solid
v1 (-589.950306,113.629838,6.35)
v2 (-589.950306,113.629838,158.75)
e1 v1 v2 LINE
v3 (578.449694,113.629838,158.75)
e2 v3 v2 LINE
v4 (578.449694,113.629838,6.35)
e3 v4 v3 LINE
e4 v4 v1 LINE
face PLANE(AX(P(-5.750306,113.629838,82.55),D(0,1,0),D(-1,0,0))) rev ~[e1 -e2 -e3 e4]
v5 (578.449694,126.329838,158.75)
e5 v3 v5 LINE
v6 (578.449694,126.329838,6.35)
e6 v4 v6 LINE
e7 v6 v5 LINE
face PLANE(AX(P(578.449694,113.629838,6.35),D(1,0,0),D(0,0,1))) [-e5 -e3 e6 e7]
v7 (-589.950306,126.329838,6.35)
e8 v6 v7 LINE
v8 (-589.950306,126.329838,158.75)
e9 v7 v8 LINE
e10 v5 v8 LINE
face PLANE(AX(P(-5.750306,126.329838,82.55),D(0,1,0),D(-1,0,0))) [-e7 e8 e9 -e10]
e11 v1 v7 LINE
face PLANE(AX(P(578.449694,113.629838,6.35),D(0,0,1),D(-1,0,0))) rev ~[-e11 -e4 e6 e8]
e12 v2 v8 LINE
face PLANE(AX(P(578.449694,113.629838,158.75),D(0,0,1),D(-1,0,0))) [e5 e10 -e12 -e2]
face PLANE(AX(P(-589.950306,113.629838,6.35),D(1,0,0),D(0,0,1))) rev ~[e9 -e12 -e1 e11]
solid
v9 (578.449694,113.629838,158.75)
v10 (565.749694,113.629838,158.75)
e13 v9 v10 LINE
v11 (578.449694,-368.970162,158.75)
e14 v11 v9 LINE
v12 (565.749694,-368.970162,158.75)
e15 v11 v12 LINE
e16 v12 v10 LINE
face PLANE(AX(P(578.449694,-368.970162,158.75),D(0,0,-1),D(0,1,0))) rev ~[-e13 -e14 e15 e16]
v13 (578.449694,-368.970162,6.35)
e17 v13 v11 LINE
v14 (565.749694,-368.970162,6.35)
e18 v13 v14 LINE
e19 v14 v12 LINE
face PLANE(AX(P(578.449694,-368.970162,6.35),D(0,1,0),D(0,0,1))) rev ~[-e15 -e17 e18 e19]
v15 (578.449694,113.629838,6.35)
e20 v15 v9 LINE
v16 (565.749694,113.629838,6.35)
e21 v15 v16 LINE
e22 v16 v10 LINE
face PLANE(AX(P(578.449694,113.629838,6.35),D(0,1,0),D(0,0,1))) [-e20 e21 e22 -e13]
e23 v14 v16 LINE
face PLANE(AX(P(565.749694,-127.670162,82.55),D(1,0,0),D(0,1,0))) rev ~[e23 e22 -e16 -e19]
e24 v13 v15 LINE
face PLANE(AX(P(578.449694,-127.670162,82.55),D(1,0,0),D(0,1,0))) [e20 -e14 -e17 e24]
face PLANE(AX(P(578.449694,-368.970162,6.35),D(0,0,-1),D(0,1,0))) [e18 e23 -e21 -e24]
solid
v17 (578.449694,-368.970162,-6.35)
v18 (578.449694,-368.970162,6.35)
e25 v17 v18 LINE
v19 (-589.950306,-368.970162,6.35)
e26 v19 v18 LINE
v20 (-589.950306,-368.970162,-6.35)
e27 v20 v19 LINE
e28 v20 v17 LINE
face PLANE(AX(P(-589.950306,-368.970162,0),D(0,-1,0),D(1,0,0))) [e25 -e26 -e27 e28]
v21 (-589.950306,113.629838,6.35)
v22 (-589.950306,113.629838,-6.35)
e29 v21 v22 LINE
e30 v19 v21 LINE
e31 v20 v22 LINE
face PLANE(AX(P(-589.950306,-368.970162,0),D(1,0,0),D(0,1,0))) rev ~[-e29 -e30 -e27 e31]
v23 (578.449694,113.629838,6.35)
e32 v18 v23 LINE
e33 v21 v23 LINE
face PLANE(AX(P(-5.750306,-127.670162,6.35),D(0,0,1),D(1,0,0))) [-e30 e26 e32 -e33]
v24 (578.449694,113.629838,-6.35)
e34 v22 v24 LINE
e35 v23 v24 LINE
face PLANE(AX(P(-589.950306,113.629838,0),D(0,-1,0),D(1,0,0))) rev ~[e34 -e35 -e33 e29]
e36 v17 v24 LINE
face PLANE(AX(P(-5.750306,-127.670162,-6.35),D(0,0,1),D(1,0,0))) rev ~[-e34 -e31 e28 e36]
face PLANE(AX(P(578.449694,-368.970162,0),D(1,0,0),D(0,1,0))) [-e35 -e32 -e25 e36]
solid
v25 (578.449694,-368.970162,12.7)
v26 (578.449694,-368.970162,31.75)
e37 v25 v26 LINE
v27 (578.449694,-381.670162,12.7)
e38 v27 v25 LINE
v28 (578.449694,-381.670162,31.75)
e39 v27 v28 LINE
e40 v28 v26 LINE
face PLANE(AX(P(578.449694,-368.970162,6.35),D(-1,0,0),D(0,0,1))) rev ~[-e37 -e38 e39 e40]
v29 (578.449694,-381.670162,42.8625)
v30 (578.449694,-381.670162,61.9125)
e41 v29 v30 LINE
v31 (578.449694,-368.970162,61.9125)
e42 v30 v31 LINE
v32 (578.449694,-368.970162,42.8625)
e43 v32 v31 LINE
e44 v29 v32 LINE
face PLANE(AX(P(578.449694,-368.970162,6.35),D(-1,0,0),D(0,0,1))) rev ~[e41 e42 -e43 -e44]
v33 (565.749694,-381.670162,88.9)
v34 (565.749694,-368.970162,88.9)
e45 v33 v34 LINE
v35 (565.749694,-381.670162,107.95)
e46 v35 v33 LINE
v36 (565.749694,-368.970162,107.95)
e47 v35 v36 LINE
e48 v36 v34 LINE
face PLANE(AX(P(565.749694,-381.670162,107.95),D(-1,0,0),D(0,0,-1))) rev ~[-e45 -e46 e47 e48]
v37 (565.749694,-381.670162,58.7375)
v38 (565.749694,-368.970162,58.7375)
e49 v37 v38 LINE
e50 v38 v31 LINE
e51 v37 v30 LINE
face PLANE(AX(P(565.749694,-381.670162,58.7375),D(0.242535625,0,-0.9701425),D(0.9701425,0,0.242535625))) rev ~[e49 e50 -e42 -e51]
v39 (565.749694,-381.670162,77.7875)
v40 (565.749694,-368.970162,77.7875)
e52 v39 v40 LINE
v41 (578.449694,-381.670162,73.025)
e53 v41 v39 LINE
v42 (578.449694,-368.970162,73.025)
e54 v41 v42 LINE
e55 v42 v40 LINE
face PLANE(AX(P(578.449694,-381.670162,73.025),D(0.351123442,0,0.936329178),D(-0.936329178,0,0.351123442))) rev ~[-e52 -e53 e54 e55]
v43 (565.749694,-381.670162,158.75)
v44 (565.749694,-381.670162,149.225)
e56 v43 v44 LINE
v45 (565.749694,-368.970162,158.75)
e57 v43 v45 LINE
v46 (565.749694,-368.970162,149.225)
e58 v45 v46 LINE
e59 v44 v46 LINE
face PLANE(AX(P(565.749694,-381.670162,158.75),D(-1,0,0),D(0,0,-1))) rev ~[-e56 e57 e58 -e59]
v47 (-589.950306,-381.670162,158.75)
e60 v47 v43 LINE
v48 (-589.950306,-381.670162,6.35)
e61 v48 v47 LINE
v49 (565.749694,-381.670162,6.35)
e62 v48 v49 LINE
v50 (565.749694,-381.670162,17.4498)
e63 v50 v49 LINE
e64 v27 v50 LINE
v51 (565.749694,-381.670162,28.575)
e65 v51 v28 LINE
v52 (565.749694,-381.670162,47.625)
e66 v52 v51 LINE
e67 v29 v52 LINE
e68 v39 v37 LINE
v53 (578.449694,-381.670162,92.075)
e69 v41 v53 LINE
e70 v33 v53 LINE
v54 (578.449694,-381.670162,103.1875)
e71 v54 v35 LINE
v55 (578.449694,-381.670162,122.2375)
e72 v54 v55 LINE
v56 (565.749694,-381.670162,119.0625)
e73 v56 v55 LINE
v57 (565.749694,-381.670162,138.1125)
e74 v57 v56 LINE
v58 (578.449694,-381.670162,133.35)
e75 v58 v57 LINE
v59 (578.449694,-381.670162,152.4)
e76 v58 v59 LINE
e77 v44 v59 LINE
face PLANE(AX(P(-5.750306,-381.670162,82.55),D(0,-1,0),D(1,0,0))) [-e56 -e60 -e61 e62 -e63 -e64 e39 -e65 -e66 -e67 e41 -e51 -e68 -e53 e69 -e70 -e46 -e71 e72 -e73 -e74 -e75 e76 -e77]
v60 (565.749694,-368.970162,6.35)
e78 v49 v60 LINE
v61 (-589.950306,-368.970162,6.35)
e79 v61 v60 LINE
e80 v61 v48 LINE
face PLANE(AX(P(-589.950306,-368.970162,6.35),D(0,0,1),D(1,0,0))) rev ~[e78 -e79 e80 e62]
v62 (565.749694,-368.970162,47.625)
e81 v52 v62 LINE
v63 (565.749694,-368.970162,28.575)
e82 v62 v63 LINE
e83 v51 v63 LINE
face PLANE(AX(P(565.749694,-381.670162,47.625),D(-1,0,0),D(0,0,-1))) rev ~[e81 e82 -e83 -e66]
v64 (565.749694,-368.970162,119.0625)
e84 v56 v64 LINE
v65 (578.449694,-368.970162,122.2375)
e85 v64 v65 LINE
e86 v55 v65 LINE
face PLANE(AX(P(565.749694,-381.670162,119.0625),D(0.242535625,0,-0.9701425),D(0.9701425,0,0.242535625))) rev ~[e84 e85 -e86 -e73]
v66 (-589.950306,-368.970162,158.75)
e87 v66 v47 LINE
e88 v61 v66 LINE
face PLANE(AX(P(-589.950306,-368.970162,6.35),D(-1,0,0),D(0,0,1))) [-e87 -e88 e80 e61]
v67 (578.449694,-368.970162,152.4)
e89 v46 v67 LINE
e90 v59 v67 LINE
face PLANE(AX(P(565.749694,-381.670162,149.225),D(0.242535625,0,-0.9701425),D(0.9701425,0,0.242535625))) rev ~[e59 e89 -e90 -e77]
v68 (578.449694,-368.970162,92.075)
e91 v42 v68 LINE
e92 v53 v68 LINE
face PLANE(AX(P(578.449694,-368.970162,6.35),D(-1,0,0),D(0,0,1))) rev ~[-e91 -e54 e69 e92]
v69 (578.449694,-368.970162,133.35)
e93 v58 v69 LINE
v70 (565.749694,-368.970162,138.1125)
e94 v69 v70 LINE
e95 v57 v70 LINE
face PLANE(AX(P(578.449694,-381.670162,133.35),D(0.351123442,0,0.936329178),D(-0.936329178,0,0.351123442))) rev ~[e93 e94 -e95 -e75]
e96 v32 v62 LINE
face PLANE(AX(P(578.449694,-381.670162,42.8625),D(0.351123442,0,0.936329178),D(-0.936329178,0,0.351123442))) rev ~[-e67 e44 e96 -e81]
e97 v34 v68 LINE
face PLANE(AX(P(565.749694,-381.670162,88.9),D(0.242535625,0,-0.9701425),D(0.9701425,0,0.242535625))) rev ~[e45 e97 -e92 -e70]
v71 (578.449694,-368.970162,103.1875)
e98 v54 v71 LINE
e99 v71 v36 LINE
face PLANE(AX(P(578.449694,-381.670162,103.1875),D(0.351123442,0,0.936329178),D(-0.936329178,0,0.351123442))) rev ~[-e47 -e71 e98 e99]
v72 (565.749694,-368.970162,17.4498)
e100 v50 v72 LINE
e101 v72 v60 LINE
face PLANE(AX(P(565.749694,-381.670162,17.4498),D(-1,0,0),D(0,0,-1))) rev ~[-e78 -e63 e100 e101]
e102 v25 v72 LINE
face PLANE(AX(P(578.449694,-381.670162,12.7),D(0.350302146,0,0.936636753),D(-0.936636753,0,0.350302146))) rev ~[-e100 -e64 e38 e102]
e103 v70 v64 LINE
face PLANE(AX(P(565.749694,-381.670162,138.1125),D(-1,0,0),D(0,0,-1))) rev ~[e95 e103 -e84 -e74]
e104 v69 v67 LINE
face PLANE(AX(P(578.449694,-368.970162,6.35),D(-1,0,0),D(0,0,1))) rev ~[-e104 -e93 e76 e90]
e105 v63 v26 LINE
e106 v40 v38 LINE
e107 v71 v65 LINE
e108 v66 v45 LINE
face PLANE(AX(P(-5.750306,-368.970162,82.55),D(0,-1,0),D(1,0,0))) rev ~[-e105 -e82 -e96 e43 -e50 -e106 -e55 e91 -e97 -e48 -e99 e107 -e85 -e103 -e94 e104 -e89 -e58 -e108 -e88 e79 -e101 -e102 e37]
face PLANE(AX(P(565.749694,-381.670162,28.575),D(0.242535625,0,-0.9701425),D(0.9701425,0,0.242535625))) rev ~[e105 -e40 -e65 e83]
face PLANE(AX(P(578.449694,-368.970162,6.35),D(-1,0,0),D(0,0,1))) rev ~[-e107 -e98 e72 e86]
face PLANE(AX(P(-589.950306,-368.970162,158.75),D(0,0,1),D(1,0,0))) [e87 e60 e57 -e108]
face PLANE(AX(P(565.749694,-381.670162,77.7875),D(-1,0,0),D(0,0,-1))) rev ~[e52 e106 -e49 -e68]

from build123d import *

# Parameters (mm, degrees)
F0_W     = 1168.4
F0_H     = 482.6
F1_DEPTH = 6.35
F2_W     = 1168.4
F2_H     = 152.4
F3_DEPTH = 12.7
F4_W     = 1168.4
F4_H     = 152.4
F5_DEPTH = 12.7
F6_W     = 482.6
F6_H     = 152.4
F7_DEPTH = 12.7
F9_DEPTH = 12.7


with BuildPart() as f1:
    # F0 (on Top) → F1 (new body, symmetric)
    with BuildSketch(Plane.XY):
        with Locations((-5.750306, -127.670162)):
            Rectangle(F0_W, F0_H)
    extrude(amount=F1_DEPTH, both=True)


with BuildPart() as f3:
    # F2 (on face) → F3 (new body)
    with BuildSketch(Plane.XZ.offset(368.970162)):
        with Locations((-5.750306, 82.55)):
            Rectangle(F2_W, F2_H)
    extrude(amount=F3_DEPTH)

    # F8 (on face) → F9 (cut)
    with BuildSketch(Plane.XZ.offset(381.670162)):
        Polygon((565.749694, 158.75), (565.749694, 149.225), (578.449694, 152.4), (578.449694, 158.75), align=None)
        Polygon((578.449694, 122.2375), (578.449694, 133.35), (565.749694, 138.1125), (565.749694, 119.0625), align=None)
        Polygon((578.449694, 92.075), (578.449694, 103.1875), (565.749694, 107.95), (565.749694, 88.9), align=None)
        Polygon((578.449694, 61.9125), (578.449694, 73.025), (565.749694, 77.7875), (565.749694, 58.7375), align=None)
        Polygon((578.449694, 31.75), (578.449694, 42.8625), (565.749694, 47.625), (565.749694, 28.575), align=None)
        Polygon((578.449694, 12.7), (565.749694, 17.4498), (565.749694, 6.35), (578.449694, 6.35), align=None)
    extrude(amount=-F9_DEPTH, mode=Mode.SUBTRACT)


with BuildPart() as f5:
    # F4 (on face) → F5 (new body)
    with BuildSketch(Plane(origin=(0, 113.629838, 0), x_dir=(-1, 0, 0), z_dir=(0, 1, 0))):
        with Locations((5.750306, 82.55)):
            Rectangle(F4_W, F4_H)
    extrude(amount=F5_DEPTH)


with BuildPart() as f7:
    # F6 (on face) → F7 (new body)
    with BuildSketch(Plane.YZ.offset(578.449694)):
        with Locations((-127.670162, 82.55)):
            Rectangle(F6_W, F6_H)
    extrude(amount=-F7_DEPTH)


solid = Compound([f1.part, f3.part, f5.part, f7.part])
